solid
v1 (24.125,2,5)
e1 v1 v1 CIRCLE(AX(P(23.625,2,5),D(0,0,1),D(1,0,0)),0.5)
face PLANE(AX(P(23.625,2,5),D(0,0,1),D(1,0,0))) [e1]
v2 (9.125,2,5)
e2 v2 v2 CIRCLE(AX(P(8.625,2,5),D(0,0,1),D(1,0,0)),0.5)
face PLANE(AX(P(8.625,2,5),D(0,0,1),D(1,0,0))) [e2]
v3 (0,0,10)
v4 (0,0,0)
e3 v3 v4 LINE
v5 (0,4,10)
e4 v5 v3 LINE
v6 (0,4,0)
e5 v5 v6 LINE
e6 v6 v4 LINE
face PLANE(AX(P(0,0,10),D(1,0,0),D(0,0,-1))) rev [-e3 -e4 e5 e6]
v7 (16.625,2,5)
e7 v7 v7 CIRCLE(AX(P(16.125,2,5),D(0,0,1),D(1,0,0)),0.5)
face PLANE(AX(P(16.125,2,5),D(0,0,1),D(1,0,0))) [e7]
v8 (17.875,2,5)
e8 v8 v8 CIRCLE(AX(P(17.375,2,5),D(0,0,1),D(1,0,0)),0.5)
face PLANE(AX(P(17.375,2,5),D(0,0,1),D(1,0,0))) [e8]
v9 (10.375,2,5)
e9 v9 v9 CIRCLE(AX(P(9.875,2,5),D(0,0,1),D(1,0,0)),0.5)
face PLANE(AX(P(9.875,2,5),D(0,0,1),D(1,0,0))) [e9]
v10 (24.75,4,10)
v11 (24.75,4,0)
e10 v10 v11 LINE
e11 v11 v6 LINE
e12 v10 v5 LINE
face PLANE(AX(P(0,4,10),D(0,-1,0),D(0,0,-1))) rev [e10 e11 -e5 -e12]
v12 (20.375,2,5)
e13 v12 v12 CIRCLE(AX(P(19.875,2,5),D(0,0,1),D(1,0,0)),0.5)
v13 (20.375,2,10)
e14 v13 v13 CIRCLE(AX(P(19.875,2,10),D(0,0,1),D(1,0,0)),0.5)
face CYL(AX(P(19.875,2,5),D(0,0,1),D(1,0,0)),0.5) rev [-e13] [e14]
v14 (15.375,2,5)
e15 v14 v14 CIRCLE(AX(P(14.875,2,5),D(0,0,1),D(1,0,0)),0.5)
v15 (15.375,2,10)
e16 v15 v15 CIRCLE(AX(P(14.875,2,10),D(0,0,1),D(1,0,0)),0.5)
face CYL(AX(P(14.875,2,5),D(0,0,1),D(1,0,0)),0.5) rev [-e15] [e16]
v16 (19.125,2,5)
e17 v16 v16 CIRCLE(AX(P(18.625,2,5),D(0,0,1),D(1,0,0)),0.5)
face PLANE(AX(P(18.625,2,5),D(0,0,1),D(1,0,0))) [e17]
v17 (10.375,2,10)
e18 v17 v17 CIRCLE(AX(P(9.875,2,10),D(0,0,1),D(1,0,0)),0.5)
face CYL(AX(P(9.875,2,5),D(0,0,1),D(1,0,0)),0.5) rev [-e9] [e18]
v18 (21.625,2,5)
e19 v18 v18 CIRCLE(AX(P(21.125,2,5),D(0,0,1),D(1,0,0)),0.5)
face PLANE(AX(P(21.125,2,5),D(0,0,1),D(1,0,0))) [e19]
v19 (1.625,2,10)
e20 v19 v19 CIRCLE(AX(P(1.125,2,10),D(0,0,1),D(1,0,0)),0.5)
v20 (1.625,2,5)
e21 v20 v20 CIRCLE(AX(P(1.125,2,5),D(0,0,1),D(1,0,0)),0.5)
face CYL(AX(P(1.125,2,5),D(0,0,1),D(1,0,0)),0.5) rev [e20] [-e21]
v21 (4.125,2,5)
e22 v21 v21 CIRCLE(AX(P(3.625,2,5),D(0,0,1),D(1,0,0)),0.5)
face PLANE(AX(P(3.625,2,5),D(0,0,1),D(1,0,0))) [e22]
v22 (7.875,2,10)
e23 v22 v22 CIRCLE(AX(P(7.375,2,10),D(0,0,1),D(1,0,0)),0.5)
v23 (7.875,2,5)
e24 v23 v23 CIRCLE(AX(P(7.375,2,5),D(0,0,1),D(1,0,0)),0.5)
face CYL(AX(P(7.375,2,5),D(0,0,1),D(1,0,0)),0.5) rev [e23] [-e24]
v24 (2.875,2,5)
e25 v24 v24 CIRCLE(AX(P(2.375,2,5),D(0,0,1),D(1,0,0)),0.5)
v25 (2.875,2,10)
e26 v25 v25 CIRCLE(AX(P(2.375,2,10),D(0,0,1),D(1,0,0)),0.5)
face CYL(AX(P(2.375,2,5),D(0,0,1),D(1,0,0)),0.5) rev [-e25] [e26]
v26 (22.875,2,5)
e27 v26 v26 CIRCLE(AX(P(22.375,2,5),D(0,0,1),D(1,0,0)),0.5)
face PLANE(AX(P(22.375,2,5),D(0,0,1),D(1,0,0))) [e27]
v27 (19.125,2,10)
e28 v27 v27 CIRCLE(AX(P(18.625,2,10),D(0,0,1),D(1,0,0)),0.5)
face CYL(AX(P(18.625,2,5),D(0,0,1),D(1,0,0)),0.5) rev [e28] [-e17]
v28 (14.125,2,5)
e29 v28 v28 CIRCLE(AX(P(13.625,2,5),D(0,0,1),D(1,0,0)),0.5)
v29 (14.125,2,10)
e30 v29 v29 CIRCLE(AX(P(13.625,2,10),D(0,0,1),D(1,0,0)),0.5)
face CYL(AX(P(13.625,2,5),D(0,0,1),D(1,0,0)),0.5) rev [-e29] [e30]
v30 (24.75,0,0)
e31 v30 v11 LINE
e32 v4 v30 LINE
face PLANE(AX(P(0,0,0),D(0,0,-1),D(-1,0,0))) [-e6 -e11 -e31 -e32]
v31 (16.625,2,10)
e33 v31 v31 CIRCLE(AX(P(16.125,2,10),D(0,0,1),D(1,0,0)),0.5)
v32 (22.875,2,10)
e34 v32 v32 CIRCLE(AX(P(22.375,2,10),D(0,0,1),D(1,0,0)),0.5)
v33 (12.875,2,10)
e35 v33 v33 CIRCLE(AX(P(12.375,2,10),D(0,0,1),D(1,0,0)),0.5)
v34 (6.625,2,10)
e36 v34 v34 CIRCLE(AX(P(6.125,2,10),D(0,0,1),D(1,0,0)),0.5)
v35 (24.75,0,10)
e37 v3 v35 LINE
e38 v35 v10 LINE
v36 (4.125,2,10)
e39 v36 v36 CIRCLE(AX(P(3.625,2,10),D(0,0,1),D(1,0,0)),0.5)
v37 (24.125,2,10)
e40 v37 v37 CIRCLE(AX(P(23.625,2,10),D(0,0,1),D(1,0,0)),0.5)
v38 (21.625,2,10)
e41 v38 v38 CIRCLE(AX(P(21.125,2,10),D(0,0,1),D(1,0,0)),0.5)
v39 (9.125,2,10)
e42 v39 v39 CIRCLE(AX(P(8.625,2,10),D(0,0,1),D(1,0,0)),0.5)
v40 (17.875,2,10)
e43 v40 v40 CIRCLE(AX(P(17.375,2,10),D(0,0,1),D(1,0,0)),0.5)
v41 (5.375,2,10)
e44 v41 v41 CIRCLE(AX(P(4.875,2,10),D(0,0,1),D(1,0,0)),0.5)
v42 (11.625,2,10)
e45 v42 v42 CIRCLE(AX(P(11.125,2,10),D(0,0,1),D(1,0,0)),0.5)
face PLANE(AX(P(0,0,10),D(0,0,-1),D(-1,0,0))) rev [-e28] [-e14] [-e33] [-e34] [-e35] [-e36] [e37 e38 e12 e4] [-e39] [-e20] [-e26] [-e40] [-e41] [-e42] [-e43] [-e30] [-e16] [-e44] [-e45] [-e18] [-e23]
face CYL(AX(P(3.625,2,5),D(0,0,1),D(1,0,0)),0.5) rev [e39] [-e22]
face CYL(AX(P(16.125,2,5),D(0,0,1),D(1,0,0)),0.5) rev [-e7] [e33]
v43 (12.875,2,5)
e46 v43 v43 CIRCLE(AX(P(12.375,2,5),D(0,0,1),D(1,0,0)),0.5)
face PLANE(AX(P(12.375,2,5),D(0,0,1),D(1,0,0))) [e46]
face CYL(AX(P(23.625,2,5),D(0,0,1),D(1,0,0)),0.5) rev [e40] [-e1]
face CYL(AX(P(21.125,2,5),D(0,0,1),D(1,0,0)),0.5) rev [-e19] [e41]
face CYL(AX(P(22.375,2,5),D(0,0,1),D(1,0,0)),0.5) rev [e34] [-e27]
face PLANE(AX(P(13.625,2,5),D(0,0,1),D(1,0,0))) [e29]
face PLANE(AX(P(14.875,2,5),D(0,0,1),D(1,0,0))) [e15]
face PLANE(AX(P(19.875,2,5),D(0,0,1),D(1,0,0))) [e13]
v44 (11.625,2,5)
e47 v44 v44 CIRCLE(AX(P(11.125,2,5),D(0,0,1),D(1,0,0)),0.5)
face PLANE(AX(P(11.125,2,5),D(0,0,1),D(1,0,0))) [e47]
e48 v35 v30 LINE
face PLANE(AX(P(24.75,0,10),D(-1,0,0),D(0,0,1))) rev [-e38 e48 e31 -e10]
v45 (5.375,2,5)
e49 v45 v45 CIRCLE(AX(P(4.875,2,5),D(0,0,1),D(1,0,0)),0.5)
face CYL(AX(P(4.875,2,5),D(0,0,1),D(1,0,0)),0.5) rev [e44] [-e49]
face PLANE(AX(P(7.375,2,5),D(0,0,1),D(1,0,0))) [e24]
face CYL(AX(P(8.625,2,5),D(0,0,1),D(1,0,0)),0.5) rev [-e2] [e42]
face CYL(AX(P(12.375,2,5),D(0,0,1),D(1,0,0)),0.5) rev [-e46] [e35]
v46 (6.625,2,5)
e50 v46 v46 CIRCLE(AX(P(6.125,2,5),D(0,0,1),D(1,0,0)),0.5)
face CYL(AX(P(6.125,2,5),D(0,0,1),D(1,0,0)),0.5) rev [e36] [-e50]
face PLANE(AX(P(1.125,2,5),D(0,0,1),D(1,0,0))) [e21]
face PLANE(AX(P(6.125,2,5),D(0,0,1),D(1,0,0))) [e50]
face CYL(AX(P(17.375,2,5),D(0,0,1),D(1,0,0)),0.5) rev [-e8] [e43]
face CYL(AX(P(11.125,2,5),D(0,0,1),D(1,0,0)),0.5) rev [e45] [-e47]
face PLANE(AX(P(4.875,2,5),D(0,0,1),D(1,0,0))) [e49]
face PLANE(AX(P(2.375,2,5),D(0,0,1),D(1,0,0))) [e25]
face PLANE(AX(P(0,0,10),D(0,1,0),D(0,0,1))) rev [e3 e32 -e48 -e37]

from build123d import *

# Parameters (mm, degrees)
SKETCH2_W           = 24.75
SKETCH2_H           = 4
BOSS_EXTRUDE1_DEPTH = 10
SKETCH3_R           = 0.5
CUT_EXTRUDE1_DEPTH  = 5


with BuildPart() as part:
    # Sketch2 → Boss-Extrude1 (new body)
    with BuildSketch(Plane.XY):
        with Locations((12.375, 2)):
            Rectangle(SKETCH2_W, SKETCH2_H)
    extrude(amount=BOSS_EXTRUDE1_DEPTH)

    # Sketch3 → Cut-Extrude1 (cut)
    with BuildSketch(Plane.XY.offset(10)):
        with Locations((1.125, 2)):
            Circle(SKETCH3_R)
        with Locations((2.375, 2)):
            Circle(SKETCH3_R)
        with Locations((3.625, 2)):
            Circle(SKETCH3_R)
        with Locations((4.875, 2)):
            Circle(SKETCH3_R)
        with Locations((6.125, 2)):
            Circle(SKETCH3_R)
        with Locations((7.375, 2)):
            Circle(SKETCH3_R)
        with Locations((8.625, 2)):
            Circle(SKETCH3_R)
        with Locations((9.875, 2)):
            Circle(SKETCH3_R)
        with Locations((11.125, 2)):
            Circle(SKETCH3_R)
        with Locations((12.375, 2)):
            Circle(SKETCH3_R)
        with Locations((13.625, 2)):
            Circle(SKETCH3_R)
        with Locations((14.875, 2)):
            Circle(SKETCH3_R)
        with Locations((16.125, 2)):
            Circle(SKETCH3_R)
        with Locations((17.375, 2)):
            Circle(SKETCH3_R)
        with Locations((18.625, 2)):
            Circle(SKETCH3_R)
        with Locations((19.875, 2)):
            Circle(SKETCH3_R)
        with Locations((21.125, 2)):
            Circle(SKETCH3_R)
        with Locations((22.375, 2)):
            Circle(SKETCH3_R)
        with Locations((23.625, 2)):
            Circle(SKETCH3_R)
    extrude(amount=-CUT_EXTRUDE1_DEPTH, mode=Mode.SUBTRACT)


solid = part.part
